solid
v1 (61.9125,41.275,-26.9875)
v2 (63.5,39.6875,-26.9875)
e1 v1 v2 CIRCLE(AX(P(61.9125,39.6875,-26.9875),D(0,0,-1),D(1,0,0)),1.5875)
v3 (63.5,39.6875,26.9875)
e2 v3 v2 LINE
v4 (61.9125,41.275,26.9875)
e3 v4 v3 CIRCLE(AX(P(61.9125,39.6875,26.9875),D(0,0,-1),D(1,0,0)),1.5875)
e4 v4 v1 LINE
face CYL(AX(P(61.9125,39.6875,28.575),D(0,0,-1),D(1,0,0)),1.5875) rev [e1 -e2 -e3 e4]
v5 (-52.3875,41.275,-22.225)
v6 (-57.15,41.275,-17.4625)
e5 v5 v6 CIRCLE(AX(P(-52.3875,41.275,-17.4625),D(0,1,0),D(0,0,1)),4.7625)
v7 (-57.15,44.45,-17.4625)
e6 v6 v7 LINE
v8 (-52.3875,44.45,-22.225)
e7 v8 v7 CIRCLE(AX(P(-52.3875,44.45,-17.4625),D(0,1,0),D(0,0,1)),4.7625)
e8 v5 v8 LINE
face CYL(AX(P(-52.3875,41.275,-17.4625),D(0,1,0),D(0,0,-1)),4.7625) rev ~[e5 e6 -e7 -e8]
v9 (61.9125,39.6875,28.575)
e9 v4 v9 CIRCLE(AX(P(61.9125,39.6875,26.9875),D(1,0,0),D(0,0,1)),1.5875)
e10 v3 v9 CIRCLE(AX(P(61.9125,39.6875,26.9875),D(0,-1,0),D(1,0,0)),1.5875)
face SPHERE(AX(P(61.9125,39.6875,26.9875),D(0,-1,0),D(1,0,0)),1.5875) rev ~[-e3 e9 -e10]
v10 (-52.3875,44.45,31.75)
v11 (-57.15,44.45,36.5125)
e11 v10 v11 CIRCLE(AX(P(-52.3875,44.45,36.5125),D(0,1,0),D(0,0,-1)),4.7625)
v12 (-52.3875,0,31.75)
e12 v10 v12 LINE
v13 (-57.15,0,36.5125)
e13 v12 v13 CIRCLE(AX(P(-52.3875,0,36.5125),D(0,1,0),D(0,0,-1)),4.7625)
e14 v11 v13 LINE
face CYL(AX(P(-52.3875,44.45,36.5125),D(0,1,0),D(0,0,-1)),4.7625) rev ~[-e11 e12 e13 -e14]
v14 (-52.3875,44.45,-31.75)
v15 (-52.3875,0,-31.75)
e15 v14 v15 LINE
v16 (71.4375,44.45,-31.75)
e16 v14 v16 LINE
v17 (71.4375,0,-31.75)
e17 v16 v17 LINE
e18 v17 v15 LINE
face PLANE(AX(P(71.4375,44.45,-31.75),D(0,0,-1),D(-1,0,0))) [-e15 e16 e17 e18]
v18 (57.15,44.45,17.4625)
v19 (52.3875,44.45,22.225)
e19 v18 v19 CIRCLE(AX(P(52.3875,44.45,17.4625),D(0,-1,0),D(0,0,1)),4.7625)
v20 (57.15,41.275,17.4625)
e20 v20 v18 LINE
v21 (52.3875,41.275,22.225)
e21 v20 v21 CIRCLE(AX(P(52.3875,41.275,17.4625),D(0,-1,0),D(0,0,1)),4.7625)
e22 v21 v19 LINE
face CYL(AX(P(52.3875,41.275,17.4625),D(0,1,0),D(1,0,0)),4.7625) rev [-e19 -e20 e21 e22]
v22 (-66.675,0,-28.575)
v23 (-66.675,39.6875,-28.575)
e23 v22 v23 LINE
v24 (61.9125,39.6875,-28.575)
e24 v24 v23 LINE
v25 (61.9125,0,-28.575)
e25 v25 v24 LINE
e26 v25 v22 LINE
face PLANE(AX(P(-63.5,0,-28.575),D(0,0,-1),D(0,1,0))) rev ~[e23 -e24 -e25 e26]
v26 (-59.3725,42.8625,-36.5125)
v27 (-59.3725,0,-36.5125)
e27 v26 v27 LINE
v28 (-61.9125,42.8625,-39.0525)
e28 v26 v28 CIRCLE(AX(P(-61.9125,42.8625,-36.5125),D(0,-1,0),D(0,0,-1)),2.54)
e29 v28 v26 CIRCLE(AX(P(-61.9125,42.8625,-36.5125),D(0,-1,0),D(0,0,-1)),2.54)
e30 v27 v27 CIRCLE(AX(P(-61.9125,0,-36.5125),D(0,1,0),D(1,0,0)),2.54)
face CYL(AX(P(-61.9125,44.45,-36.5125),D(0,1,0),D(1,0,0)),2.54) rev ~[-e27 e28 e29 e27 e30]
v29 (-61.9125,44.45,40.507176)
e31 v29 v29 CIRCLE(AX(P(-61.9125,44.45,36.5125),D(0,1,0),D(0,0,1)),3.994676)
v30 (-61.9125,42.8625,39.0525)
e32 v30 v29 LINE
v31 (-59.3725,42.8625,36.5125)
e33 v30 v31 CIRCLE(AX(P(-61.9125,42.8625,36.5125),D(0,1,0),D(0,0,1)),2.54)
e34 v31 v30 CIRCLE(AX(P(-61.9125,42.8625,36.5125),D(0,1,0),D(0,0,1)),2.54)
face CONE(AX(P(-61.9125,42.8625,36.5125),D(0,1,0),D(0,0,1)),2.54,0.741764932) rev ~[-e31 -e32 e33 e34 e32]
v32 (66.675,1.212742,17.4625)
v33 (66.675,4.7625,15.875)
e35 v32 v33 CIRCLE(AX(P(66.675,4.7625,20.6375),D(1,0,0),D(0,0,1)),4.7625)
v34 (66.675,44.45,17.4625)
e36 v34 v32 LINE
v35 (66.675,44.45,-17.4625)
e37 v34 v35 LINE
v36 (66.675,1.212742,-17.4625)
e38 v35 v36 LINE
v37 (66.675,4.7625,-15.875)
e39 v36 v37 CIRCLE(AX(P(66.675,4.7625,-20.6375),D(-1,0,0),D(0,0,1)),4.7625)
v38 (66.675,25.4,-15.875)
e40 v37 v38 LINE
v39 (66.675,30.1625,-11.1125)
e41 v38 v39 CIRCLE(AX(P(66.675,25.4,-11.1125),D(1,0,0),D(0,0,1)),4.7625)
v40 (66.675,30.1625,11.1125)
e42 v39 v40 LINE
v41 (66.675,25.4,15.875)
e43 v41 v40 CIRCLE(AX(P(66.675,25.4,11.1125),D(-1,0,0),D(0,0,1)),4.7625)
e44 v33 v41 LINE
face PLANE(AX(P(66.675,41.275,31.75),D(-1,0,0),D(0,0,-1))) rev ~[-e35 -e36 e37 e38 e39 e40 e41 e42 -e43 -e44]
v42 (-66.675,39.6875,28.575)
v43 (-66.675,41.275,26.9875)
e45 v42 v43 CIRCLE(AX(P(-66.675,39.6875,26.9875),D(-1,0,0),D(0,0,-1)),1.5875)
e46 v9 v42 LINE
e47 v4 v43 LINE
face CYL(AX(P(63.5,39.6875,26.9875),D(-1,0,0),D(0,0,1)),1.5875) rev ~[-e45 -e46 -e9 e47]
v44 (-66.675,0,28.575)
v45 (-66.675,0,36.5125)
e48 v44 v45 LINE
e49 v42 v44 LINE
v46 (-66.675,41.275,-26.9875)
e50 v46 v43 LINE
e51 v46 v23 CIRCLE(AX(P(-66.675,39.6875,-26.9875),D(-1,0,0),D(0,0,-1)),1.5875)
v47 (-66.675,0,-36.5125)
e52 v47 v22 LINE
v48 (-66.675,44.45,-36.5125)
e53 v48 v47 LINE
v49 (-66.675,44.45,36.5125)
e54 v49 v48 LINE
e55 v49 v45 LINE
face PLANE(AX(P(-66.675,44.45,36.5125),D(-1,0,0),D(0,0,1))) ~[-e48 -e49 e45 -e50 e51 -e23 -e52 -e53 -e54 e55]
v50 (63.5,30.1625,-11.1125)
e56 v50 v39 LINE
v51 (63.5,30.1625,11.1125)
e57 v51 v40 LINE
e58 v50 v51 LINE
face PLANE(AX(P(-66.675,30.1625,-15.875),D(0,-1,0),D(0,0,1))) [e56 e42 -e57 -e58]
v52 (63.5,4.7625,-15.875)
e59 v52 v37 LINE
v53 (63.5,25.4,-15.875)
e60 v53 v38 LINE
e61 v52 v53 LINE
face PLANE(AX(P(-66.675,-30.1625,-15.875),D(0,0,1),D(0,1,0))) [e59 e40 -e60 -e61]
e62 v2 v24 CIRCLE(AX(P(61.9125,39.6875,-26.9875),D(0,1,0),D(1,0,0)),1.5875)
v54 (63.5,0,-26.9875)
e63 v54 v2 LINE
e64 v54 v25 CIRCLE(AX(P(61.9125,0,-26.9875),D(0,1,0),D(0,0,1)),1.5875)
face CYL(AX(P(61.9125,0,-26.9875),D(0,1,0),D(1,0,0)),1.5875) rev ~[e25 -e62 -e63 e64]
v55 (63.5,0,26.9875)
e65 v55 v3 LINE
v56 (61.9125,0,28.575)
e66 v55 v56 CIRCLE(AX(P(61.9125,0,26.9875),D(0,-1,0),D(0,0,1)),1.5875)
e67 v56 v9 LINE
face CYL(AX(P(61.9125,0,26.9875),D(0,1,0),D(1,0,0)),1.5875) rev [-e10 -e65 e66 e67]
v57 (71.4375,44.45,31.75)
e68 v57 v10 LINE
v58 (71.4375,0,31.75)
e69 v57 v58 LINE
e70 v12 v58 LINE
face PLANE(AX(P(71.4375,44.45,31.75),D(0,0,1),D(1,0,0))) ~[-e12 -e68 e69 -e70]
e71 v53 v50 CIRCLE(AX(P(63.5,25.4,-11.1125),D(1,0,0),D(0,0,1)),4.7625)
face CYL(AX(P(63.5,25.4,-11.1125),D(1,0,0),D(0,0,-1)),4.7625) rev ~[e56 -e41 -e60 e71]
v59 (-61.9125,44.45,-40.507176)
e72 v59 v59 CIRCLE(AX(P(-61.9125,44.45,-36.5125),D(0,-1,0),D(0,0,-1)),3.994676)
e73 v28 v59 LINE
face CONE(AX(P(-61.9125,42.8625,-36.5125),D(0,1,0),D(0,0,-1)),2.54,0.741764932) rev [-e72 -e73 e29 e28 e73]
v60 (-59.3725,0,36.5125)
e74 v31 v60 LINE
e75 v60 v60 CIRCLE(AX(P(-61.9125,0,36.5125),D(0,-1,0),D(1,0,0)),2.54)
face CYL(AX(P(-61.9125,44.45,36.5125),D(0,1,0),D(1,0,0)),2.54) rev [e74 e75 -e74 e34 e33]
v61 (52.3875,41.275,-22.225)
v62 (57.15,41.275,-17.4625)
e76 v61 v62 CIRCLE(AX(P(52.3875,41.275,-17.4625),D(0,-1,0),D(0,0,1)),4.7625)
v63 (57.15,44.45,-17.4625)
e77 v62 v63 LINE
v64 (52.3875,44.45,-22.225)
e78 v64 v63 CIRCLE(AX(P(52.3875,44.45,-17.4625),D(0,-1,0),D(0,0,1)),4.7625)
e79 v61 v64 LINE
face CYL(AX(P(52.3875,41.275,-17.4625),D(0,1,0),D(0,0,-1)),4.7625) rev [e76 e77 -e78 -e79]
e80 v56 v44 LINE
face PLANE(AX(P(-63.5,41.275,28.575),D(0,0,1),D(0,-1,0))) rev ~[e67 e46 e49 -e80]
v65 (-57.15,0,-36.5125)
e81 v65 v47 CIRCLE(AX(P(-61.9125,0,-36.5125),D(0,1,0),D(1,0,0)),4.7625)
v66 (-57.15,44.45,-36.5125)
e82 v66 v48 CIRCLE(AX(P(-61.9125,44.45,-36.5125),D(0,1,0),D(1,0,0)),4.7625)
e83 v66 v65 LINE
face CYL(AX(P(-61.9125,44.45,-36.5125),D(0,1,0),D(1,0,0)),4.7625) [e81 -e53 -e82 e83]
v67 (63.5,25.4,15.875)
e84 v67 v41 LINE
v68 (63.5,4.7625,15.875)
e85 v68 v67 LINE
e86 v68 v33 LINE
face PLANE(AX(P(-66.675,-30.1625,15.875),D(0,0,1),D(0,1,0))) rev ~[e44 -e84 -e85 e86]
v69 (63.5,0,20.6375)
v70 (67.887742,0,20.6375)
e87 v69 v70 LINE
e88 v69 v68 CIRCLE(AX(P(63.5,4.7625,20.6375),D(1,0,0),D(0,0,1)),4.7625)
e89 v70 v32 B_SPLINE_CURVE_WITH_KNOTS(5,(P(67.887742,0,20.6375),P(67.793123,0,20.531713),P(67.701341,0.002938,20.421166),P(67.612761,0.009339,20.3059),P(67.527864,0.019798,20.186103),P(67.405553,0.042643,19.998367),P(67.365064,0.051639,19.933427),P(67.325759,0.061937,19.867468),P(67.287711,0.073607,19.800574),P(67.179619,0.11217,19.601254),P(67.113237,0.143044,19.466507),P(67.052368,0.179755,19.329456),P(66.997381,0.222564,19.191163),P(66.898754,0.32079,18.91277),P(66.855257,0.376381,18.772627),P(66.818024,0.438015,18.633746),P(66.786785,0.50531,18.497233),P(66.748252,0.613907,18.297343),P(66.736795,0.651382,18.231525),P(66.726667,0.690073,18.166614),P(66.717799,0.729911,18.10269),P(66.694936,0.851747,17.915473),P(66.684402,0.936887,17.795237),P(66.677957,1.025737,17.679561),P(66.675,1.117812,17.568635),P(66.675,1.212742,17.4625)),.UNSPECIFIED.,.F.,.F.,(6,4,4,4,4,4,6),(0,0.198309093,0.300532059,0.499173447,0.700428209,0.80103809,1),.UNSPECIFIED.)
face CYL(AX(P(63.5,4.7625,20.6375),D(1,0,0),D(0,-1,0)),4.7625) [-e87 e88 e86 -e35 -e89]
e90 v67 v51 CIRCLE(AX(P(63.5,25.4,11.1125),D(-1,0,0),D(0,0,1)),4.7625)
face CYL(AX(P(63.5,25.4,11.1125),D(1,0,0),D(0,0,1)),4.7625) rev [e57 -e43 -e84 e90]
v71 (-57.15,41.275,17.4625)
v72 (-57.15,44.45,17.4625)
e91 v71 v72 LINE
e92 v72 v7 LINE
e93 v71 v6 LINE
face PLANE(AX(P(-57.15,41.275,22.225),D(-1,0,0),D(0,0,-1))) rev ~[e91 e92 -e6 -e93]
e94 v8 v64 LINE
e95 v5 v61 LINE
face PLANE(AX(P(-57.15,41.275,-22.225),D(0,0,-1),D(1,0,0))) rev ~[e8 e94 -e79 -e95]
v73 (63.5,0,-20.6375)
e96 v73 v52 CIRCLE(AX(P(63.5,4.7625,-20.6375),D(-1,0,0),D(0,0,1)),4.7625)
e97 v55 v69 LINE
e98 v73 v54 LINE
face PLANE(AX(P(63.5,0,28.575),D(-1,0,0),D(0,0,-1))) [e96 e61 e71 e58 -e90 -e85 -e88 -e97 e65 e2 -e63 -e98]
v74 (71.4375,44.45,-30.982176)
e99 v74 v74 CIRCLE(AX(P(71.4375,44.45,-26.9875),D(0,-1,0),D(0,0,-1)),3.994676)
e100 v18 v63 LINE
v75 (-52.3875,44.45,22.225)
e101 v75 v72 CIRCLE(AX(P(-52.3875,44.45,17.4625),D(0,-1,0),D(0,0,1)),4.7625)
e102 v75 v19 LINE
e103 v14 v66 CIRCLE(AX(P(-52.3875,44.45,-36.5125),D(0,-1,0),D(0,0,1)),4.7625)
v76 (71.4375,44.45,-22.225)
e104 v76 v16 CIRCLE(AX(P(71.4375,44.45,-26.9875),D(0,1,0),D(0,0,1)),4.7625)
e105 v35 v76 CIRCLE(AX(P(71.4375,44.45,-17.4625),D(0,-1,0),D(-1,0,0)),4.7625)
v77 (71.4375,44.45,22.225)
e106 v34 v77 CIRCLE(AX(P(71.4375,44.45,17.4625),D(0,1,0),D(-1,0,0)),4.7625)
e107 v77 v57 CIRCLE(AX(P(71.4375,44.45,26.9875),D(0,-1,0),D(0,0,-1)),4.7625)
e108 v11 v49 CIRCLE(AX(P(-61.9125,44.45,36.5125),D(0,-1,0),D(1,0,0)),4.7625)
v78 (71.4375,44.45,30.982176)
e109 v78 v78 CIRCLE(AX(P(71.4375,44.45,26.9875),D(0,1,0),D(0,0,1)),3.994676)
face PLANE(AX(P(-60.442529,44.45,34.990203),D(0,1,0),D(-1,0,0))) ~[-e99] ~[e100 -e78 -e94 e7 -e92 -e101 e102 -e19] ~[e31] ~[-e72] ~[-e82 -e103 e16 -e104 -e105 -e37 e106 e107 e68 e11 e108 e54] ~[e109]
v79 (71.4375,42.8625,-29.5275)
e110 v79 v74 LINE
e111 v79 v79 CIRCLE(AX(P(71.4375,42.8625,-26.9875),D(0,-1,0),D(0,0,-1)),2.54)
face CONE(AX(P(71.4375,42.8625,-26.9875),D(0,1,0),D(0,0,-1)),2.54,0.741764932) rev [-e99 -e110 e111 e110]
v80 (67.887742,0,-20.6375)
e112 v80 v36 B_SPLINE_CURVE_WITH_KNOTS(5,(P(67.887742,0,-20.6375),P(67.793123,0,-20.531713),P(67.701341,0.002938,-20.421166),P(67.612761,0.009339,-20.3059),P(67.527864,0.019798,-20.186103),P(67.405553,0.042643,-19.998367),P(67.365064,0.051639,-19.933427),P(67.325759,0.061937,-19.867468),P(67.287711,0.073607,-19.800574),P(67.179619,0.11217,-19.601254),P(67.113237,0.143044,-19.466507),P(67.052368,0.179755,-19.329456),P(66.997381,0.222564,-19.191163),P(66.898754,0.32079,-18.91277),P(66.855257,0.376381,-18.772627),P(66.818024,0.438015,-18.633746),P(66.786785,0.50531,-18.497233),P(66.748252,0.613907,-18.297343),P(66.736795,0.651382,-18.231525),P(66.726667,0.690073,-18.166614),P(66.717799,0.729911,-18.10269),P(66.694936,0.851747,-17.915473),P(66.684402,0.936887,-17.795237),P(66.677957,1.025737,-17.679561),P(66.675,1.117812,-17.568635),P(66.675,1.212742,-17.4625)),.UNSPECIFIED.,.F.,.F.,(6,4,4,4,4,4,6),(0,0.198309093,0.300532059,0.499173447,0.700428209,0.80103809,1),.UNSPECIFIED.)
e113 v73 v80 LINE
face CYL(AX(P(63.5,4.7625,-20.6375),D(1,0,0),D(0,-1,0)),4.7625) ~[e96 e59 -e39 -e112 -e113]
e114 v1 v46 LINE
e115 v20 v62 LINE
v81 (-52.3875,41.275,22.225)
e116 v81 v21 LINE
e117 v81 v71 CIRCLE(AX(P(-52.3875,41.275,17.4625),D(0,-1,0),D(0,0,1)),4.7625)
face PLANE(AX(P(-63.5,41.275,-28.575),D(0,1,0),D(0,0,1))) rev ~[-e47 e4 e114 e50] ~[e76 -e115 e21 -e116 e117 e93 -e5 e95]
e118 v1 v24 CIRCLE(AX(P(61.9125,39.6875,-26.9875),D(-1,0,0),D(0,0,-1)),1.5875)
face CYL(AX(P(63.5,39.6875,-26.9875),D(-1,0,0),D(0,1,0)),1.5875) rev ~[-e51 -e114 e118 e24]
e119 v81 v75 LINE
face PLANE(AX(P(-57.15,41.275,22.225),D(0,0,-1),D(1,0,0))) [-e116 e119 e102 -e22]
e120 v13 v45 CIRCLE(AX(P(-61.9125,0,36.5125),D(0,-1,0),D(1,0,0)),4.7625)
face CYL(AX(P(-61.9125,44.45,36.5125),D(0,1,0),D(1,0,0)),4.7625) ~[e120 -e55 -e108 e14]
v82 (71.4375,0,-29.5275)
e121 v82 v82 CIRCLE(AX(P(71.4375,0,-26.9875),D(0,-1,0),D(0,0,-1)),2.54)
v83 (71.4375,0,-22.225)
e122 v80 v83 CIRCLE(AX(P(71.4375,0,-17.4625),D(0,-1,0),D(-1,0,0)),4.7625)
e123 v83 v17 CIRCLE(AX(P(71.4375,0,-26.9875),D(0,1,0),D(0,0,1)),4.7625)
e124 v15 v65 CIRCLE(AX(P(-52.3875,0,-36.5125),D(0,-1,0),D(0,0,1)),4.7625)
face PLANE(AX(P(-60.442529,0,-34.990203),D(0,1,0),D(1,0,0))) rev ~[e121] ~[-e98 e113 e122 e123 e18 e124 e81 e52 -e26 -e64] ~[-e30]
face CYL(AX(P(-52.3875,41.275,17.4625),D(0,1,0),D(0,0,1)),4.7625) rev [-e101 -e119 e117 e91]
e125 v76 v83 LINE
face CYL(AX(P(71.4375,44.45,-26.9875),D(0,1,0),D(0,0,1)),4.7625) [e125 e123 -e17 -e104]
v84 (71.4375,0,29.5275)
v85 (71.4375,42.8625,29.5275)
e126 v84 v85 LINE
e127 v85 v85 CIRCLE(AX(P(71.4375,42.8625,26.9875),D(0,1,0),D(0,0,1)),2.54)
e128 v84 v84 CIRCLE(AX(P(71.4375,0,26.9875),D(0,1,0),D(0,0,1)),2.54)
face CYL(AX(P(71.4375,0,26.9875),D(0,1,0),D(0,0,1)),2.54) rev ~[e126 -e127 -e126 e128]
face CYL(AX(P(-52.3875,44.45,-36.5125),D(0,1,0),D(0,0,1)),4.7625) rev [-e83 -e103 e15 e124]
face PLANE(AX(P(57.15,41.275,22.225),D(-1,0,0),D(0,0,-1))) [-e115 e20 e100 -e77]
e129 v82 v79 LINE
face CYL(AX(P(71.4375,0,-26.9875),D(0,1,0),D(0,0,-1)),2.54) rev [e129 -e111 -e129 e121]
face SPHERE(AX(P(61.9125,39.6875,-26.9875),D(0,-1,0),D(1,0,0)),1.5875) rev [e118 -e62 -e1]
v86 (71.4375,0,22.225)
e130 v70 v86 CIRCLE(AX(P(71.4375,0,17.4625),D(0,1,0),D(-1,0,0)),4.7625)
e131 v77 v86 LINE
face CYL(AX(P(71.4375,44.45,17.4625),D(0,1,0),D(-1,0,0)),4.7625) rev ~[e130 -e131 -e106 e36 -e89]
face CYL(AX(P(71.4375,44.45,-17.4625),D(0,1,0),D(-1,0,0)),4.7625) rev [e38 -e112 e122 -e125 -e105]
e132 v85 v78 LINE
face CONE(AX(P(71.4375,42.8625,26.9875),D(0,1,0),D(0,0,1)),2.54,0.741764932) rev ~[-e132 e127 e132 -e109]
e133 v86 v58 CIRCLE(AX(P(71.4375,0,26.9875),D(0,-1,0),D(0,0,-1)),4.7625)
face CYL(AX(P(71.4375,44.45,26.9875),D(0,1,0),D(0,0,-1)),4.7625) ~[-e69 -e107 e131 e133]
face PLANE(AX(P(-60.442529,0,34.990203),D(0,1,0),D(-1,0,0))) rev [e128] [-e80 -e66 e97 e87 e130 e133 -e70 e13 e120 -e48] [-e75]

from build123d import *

# Parameters (mm, degrees)
SKETCH1_W           = 133.35
SKETCH1_H           = 63.5
SKETCH1_W_2         = 127
SKETCH1_H_2         = 57.15
BOSS_EXTRUDE1_DEPTH = 41.275
SKETCH2_W           = 31.75
SKETCH2_H           = 60.325
CUT_EXTRUDE1_DEPTH  = 134.35
SKETCH3_W           = 133.35
SKETCH3_H           = 63.5
SKETCH3_W_2         = 114.3
SKETCH3_H_2         = 44.45
BOSS_EXTRUDE2_DEPTH = 3.175
BOSS_EXTRUDE3_DEPTH = 44.45
SKETCH6_R           = 2.54
BOSS_EXTRUDE4_DEPTH = 44.45
CUT_EXTRUDE2_DEPTH  = 4.175
FILLET1_R           = 1.5875
FILLET2_R           = 4.7625


with BuildPart() as part:
    # Sketch1 → Boss-Extrude1 (new body)
    with BuildSketch(Plane(origin=(0, 0, 0), x_dir=(1, 0, 0), z_dir=(0, 1, 0))):
        Rectangle(SKETCH1_W, SKETCH1_H)
        Rectangle(SKETCH1_W_2, SKETCH1_H_2, mode=Mode.SUBTRACT)
    extrude(amount=BOSS_EXTRUDE1_DEPTH)

    # Sketch2 → Cut-Extrude1 (cut, through all)
    with BuildSketch(Plane.ZY.offset(66.675)):
        Rectangle(SKETCH2_W, SKETCH2_H)
    extrude(amount=-CUT_EXTRUDE1_DEPTH, mode=Mode.SUBTRACT)

    # Sketch3 → Boss-Extrude2 (add)
    with BuildSketch(Plane(origin=(0, 41.275, 0), x_dir=(1, 0, 0), z_dir=(0, 1, 0))):
        Rectangle(SKETCH3_W, SKETCH3_H)
        Rectangle(SKETCH3_W_2, SKETCH3_H_2, mode=Mode.SUBTRACT)
    extrude(amount=BOSS_EXTRUDE2_DEPTH)

    # Sketch4 → Boss-Extrude3 (add)
    with BuildSketch(Plane(origin=(0, 44.45, 0), x_dir=(1, 0, 0), z_dir=(0, 1, 0))):
        with BuildLine():
            Line((71.4375, 31.75), (66.675, 31.75))
            Line((66.675, 31.75), (66.675, 17.4625))
            ThreePointArc((66.675, 17.4625), (68.069903955, 20.830096045), (71.4375, 22.225))
            ThreePointArc((71.4375, 22.225), (76.2, 26.9875), (71.4375, 31.75))
        make_face()
    boss_extrude3 = extrude(amount=-BOSS_EXTRUDE3_DEPTH)

    # Sketch5 → Cut-Revolve1 (revolve, cut)
    with BuildSketch(Plane.YZ.offset(71.4375)):
        Polygon((0, -29.5275), (42.8625, -29.5275), (44.45, -30.982175739), (44.45, -26.9875), (0, -26.9875), align=None)
    cut_revolve1 = revolve(axis=Axis((71.4375, 44.45, -26.9875), (0, -1, 0)), mode=Mode.SUBTRACT)

    # Sketch6 → Boss-Extrude4 (add)
    with BuildSketch(Plane(origin=(0, 44.45, 0), x_dir=(1, 0, 0), z_dir=(0, 1, 0))):
        with BuildLine():
            Line((-66.675, 36.5125), (-66.675, 31.75))
            Line((-66.675, 31.75), (-52.3875, 31.75))
            ThreePointArc((-52.3875, 31.75), (-55.755096045, 33.144903955), (-57.15, 36.5125))
            ThreePointArc((-57.15, 36.5125), (-61.9125, 41.275), (-66.675, 36.5125))
        make_face()
        with Locations((-61.9125, 36.5125)):
            Circle(SKETCH6_R, mode=Mode.SUBTRACT)
    boss_extrude4 = extrude(amount=-BOSS_EXTRUDE4_DEPTH)

    # Sketch7 → Cut-Revolve2 (revolve, cut)
    with BuildSketch(Plane(origin=(-61.9125, 0, 0), x_dir=(0, 1, 0), z_dir=(-1, 0, 0))):
        Polygon((42.8625, 39.0525), (44.45, 40.507175739), (44.45, 36.5125), (42.8625, 36.5125), align=None)
    cut_revolve2 = revolve(axis=Axis((-61.9125, 42.8625, -36.5125), (0, -1, 0)), mode=Mode.SUBTRACT)

    # Mirror1: Boss-Extrude3, Cut-Revolve1, Boss-Extrude4, Cut-Revolve2 across plane
    add(boss_extrude3.mirror(Plane.XY))
    add(cut_revolve1.mirror(Plane.XY), mode=Mode.SUBTRACT)
    add(boss_extrude4.mirror(Plane.XY))
    add(cut_revolve2.mirror(Plane.XY), mode=Mode.SUBTRACT)

    # Sketch8 → Cut-Extrude2 (cut, through all)
    with BuildSketch(Plane(origin=(-63.5, 0, 0), x_dir=(0, 0, -1), z_dir=(1, 0, 0))):
        Polygon((-15.875, 0), (-15.875, 30.1625), (15.875, 30.1625), (15.875, 0), (28.575, 0), (28.575, 41.275), (-28.575, 41.275), (-28.575, 0), align=None)
    extrude(amount=-CUT_EXTRUDE2_DEPTH, mode=Mode.SUBTRACT)

    # Fillet1
    fillet1_edges = [part.edges().sort_by_distance(p)[0] for p in [
        (63.5, 20.6375, 28.575),
        (63.5, 20.6375, -28.575),
        (63.5, 41.275, 0),
        (-1.5875, 41.275, -28.575),
        (-1.5875, 41.275, 28.575),
    ]]
    fillet(fillet1_edges, radius=FILLET1_R)

    # Fillet2
    fillet2_edges = [part.edges().sort_by_distance(p)[0] for p in [
        (65.0875, 0, 15.875),
        (65.0875, 30.1625, 15.875),
        (65.0875, 0, -15.875),
        (65.0875, 30.1625, -15.875),
        (-57.15, 42.8625, 22.225),
        (57.15, 42.8625, 22.225),
        (57.15, 42.8625, -22.225),
        (-57.15, 42.8625, -22.225),
    ]]
    fillet(fillet2_edges, radius=FILLET2_R)


solid = part.part
